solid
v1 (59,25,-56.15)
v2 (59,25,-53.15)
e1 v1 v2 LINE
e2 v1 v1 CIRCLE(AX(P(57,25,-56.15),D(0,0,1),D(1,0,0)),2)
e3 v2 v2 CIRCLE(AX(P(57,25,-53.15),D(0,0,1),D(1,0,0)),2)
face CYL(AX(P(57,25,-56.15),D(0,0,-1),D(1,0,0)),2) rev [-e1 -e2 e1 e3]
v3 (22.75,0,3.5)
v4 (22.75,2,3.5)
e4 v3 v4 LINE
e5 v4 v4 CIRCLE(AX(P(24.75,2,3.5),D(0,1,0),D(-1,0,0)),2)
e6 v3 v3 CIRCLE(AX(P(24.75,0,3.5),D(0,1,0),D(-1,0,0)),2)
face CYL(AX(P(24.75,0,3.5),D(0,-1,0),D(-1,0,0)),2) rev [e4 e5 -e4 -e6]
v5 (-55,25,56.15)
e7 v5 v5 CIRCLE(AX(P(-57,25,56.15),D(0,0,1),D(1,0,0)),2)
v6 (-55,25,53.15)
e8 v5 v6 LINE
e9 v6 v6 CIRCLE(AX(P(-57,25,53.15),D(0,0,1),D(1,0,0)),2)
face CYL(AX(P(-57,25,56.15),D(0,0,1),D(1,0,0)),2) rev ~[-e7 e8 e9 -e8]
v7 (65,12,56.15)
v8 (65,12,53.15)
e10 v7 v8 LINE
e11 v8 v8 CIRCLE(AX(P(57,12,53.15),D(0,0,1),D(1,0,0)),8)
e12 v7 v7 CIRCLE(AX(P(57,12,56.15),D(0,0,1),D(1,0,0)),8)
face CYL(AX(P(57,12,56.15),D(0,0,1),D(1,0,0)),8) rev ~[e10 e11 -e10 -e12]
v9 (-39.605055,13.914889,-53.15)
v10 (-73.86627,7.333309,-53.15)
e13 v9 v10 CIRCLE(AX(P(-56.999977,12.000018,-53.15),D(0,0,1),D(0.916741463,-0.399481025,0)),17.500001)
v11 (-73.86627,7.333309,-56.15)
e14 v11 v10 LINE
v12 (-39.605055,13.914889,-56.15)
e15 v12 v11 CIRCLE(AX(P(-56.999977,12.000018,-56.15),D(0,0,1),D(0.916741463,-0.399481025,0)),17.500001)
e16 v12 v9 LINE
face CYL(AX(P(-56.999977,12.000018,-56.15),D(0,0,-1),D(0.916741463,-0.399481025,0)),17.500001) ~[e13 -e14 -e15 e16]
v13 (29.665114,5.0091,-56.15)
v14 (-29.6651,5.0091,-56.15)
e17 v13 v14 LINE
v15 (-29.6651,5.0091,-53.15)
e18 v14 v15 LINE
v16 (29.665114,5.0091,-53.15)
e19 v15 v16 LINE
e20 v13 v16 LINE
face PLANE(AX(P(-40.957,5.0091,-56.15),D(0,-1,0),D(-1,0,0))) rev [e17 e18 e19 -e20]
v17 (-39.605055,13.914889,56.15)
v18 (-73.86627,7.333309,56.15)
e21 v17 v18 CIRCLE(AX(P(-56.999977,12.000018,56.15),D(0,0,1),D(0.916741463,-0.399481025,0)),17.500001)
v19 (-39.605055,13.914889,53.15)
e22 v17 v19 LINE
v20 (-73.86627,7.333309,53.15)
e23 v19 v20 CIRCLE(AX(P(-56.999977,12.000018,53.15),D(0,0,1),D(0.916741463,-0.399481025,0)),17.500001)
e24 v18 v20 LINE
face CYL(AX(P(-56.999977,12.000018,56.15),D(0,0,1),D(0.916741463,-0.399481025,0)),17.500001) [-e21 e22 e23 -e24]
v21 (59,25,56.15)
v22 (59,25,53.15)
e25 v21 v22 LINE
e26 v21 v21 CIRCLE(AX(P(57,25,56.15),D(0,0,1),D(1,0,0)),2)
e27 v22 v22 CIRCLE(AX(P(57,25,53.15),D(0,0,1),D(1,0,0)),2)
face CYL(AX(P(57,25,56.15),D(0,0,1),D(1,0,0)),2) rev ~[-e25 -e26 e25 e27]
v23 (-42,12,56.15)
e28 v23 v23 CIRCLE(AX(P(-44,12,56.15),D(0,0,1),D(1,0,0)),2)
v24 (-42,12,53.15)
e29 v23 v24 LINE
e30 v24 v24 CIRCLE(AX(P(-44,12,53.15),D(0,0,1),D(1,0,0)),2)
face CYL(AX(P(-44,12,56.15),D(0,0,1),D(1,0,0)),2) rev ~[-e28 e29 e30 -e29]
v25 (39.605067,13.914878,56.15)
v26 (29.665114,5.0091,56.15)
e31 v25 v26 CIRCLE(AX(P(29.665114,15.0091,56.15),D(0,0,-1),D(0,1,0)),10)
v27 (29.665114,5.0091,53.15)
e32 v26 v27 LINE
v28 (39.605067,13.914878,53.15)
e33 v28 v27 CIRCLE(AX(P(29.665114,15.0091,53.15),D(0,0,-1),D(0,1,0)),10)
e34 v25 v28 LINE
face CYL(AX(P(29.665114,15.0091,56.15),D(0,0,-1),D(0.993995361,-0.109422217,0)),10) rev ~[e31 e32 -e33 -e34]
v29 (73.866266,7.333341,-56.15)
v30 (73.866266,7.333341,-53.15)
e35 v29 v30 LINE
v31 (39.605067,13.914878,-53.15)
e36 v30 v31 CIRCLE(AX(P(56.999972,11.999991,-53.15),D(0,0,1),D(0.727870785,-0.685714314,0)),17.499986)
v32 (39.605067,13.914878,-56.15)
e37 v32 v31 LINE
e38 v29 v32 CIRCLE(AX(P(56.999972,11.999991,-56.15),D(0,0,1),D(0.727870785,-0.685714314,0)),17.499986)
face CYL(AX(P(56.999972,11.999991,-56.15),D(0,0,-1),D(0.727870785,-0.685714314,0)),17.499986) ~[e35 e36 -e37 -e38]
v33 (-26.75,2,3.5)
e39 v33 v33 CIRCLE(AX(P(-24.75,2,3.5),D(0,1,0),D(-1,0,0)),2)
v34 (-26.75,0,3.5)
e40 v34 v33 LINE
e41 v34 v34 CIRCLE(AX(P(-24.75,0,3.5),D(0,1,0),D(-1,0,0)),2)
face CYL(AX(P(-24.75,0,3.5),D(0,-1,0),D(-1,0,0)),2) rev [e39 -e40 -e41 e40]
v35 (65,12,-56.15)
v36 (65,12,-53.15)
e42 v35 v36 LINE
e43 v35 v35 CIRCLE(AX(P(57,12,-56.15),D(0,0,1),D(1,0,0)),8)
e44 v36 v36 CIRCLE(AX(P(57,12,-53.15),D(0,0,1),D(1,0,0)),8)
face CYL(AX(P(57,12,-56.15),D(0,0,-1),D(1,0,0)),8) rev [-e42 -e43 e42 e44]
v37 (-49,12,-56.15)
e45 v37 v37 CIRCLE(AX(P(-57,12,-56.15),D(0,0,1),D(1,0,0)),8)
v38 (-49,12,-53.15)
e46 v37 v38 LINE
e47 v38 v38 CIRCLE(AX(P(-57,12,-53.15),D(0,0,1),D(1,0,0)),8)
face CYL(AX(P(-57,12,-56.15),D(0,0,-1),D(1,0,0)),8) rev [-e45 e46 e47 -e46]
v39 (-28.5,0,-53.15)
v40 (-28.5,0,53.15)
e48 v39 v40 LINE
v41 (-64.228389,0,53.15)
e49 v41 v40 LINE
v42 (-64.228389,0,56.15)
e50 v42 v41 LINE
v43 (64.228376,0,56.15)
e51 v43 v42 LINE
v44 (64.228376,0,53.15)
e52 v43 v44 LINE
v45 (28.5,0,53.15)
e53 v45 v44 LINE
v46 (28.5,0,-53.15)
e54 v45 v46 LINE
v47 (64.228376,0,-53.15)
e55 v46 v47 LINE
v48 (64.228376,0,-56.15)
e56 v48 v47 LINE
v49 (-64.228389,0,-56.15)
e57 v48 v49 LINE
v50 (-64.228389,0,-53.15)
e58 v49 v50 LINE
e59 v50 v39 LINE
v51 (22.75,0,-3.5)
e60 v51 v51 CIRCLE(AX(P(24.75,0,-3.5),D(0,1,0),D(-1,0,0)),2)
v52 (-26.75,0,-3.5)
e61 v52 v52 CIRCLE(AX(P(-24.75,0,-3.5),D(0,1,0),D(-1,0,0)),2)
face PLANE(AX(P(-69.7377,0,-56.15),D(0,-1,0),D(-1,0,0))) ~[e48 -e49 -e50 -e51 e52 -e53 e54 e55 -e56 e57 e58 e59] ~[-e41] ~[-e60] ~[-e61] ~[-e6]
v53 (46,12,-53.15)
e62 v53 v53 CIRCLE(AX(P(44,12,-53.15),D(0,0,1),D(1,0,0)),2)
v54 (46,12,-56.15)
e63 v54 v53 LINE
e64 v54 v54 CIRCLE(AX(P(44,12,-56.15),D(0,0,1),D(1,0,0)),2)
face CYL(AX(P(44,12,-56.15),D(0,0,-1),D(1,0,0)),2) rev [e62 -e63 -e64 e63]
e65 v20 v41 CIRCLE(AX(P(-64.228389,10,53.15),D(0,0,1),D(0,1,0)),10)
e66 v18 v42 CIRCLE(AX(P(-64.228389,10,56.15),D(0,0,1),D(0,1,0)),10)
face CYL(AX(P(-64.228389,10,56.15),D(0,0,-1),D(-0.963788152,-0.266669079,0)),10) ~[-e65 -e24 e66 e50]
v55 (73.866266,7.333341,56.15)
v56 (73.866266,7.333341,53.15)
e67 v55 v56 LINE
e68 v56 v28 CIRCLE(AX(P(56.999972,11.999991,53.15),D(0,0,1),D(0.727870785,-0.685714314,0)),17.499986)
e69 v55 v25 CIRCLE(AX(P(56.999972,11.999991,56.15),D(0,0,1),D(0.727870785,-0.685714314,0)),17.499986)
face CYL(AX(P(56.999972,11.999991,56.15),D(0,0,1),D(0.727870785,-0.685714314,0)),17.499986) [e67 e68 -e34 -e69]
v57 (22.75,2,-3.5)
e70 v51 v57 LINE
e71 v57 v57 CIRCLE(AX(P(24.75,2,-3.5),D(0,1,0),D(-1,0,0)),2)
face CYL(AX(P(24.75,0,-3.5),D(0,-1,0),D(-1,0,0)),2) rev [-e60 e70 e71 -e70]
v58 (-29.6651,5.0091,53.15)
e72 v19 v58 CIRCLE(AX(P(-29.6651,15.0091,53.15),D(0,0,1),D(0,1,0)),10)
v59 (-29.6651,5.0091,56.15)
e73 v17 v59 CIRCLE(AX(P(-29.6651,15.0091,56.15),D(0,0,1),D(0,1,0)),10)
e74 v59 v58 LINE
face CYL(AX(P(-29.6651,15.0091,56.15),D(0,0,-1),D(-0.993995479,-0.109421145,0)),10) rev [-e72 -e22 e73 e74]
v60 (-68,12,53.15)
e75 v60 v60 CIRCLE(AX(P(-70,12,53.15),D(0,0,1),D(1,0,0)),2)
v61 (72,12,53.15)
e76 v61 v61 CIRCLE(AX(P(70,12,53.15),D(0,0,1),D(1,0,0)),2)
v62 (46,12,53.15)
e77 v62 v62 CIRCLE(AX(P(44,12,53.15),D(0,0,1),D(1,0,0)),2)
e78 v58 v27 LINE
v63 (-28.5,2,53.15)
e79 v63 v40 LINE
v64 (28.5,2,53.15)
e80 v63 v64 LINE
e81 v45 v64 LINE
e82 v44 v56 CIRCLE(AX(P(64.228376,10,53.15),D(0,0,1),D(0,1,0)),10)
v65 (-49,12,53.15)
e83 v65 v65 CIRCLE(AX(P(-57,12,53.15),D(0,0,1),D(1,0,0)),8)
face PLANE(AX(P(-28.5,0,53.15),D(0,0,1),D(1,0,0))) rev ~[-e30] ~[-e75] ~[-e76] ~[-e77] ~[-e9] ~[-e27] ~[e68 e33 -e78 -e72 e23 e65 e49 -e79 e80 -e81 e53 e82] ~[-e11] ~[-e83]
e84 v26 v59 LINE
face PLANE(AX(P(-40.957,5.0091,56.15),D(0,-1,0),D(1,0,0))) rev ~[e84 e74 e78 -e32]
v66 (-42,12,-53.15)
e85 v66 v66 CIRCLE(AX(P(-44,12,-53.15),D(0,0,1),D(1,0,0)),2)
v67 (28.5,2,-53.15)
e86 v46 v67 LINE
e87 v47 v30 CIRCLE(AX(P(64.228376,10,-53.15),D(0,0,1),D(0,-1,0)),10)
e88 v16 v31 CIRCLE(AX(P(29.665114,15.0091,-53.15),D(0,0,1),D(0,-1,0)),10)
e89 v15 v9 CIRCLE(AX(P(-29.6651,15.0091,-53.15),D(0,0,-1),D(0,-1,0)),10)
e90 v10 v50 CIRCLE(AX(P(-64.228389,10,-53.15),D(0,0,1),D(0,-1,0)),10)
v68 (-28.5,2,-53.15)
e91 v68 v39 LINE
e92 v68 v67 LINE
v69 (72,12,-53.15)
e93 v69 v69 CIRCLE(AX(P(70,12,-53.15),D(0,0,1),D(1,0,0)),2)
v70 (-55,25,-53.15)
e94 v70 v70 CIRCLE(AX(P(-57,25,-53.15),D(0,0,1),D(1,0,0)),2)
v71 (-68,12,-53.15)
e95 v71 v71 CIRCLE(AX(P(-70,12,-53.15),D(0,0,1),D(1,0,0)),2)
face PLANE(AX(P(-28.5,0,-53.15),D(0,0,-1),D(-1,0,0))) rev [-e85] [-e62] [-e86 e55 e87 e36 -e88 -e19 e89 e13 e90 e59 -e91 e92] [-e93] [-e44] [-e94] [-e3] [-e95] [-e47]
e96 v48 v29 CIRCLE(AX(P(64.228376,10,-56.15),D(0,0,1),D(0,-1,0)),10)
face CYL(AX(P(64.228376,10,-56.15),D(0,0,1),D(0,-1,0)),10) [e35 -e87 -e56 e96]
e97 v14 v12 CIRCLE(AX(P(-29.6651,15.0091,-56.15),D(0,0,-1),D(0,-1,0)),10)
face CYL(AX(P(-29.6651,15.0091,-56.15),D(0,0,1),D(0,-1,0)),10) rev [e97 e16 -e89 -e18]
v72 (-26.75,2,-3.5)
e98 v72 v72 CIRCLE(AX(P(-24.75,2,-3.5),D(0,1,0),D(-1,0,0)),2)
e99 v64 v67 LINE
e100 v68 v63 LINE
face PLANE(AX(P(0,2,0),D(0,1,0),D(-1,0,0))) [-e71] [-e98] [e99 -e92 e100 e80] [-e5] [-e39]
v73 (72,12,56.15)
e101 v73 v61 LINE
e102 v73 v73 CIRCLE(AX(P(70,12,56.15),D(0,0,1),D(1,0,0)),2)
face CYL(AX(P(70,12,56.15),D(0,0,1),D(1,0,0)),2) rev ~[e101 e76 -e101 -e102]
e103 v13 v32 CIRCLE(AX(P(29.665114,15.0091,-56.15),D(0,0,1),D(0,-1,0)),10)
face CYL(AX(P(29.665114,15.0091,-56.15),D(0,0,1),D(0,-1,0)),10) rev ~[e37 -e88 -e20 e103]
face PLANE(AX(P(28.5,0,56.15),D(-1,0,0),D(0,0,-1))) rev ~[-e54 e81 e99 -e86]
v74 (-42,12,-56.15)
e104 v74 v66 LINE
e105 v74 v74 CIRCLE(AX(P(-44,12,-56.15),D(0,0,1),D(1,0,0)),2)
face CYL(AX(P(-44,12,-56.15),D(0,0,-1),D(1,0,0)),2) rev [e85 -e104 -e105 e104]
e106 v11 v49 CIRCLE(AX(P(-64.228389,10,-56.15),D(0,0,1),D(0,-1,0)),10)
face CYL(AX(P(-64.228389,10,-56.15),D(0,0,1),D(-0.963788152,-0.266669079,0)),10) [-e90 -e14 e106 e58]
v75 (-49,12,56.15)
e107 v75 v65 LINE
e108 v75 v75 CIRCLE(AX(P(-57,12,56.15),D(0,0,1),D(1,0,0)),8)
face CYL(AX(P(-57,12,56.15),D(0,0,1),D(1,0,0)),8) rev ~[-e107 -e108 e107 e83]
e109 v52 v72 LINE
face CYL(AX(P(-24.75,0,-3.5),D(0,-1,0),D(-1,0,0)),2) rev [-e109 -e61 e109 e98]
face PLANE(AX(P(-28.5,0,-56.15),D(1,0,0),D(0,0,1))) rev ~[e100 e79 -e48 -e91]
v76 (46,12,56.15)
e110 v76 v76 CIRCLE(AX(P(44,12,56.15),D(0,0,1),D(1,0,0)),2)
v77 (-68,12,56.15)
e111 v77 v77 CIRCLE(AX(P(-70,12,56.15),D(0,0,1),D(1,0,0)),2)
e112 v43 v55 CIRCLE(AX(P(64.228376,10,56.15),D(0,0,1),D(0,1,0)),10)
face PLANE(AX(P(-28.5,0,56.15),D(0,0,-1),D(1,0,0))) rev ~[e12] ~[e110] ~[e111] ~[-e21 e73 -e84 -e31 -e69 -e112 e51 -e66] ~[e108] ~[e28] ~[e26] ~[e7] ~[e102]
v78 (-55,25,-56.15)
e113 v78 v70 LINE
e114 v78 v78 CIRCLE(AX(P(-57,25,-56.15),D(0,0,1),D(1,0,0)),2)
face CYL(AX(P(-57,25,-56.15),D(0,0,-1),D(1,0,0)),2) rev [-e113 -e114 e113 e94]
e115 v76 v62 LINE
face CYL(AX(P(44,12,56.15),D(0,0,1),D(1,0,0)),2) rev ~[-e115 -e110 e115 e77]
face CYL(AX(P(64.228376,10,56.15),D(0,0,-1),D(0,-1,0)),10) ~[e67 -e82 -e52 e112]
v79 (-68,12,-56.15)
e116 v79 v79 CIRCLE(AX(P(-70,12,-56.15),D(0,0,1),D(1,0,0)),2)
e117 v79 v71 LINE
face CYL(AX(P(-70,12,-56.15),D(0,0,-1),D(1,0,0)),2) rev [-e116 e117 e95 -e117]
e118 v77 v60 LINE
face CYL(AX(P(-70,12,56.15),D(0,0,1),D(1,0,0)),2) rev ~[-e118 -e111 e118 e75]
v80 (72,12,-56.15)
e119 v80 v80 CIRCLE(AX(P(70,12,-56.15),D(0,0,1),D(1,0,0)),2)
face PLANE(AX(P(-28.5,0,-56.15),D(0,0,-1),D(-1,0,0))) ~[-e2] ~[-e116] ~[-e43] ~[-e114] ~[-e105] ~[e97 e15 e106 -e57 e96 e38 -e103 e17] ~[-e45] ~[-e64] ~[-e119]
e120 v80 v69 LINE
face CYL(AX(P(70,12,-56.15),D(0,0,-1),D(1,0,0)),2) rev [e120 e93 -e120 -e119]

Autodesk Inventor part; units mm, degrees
ref_plane "YZ Plane" through (0, 0, 0) normal (1, 0, 0) x (0, 1, 0)
ref_plane "XZ Plane" through (0, 0, 0) normal (0, 1, 0) x (-1, 0, 0)
ref_plane "XY Plane" through (0, 0, 0) normal (0, 0, 1) x (1, 0, 0)
sketch "Main Body Sketch" plane through (0, 0, 0) normal (0, 1, 0) x (-1, 0, 0)
  line L0 (-28.5, -56.15) -> (28.5, -56.15)
  line L1 (28.5, -56.15) -> (28.5, 56.15)
  line L2 (28.5, 56.15) -> (-28.5, 56.15)
  line L3 (-28.5, 56.15) -> (-28.5, -56.15)
  line L4 (-28.5, -56.15) -> (28.5, 56.15) construction
  line L5 (28.5, -56.15) -> (-28.5, 56.15) construction
  line L6 (0, 46.8487) -> (0, -109.4037) construction
  circle A0 centre (-24.75, 3.5) radius 2
  circle A1 centre (24.75, 3.5) radius 2
  circle A2 centre (24.75, -3.5) radius 2
  circle A3 centre (-24.75, -3.5) radius 2
  point P0 (0, 0)
  dimension "d0" = 57
  dimension "d1" = 112.3
  dimension "d2" = 4
  dimension "d3" = 24.75
  dimension "d4" = 52.65
  dimension "d7" = 7
  dimension "d34" = 52.65
  dimension "d35" = 3.75
  dimension "d36" = 3.75
  dimension "d37" = 3.75
  dimension "d38" = 52.65
extrude "Main Body Extrusion" add sketch "Main Body Sketch" along normal blind 2
sketch "Mounting Circles" plane through (-28.5, 0, 56.15) normal (0, 0, 1) x (1, 0, 0)
  circle A0 centre (-28.5, 12) radius 8
  arc A1 (-12.457, 5.0091) -> (-41.2377, 0) centre (-28.5, 12) ccw
  line L0 (-12.457, 5.0091) -> (0, 5.0091)
  line L1 (28.5, -10.7409) -> (28.5, 31.3182) construction
  circle A2 centre (-28.5, 25) radius 2
  circle A3 centre (-41.5, 12) radius 2
  circle A4 centre (-15.5, 12) radius 2
  circle A5 centre (85.5, 12) radius 8
  arc A6 (98.2377, 0) -> (69.457, 5.0091) centre (85.5, 12) ccw
  line L2 (69.457, 5.0091) -> (57, 5.0091)
  line L3 (57, 0) -> (57, 2) construction
  circle A7 centre (85.5, 25) radius 2
  circle A8 centre (98.5, 12) radius 2
  circle A9 centre (72.5, 12) radius 2
  line L4 (0, 5.0091) -> (57, 5.0091)
  line L5 (0, 0) -> (0, 2) construction
  line L6 (57, 0) -> (0, 0) construction
  line L7 (-41.2377, 0) -> (98.2377, 0)
  point P0 (28.5, 0)
  dimension "d10" = 57
  dimension "d11" = 16
  dimension "d13" = 35
  dimension "d19" = 4
  dimension "d20" = 4
  dimension "d21" = 4
  dimension "d22" = 13
  dimension "d23" = 13
  dimension "d24" = 13
  dimension "d33" = 114
extrude "Side Attatchments" add sketch "Mounting Circles" against normal blind 3
fillet "Fillet5" radius 10 2 edges at (-40.957, 5.0091, 54.65) (40.957, 5.0091, 54.65)
fillet "Fillet6" radius 10 2 edges at (-69.7377, 0, 54.65) (69.7377, 0, 54.65)
mirror "Mirror1" about plane through (0, 0, 0) normal (0, 0, 1) of "Side Attatchments"
fillet "Fillet7" radius 10 4 edges at (-40.957, 5.0091, -54.65) (40.957, 5.0091, -54.65) (-69.7377, 0, -54.65) (69.7377, 0, -54.65)
ref_plane "Work Plane1" through (0, 0, 0) normal (0, 0, 1) x (1, 0, 0)
properties part number "Servo Plate V3"
